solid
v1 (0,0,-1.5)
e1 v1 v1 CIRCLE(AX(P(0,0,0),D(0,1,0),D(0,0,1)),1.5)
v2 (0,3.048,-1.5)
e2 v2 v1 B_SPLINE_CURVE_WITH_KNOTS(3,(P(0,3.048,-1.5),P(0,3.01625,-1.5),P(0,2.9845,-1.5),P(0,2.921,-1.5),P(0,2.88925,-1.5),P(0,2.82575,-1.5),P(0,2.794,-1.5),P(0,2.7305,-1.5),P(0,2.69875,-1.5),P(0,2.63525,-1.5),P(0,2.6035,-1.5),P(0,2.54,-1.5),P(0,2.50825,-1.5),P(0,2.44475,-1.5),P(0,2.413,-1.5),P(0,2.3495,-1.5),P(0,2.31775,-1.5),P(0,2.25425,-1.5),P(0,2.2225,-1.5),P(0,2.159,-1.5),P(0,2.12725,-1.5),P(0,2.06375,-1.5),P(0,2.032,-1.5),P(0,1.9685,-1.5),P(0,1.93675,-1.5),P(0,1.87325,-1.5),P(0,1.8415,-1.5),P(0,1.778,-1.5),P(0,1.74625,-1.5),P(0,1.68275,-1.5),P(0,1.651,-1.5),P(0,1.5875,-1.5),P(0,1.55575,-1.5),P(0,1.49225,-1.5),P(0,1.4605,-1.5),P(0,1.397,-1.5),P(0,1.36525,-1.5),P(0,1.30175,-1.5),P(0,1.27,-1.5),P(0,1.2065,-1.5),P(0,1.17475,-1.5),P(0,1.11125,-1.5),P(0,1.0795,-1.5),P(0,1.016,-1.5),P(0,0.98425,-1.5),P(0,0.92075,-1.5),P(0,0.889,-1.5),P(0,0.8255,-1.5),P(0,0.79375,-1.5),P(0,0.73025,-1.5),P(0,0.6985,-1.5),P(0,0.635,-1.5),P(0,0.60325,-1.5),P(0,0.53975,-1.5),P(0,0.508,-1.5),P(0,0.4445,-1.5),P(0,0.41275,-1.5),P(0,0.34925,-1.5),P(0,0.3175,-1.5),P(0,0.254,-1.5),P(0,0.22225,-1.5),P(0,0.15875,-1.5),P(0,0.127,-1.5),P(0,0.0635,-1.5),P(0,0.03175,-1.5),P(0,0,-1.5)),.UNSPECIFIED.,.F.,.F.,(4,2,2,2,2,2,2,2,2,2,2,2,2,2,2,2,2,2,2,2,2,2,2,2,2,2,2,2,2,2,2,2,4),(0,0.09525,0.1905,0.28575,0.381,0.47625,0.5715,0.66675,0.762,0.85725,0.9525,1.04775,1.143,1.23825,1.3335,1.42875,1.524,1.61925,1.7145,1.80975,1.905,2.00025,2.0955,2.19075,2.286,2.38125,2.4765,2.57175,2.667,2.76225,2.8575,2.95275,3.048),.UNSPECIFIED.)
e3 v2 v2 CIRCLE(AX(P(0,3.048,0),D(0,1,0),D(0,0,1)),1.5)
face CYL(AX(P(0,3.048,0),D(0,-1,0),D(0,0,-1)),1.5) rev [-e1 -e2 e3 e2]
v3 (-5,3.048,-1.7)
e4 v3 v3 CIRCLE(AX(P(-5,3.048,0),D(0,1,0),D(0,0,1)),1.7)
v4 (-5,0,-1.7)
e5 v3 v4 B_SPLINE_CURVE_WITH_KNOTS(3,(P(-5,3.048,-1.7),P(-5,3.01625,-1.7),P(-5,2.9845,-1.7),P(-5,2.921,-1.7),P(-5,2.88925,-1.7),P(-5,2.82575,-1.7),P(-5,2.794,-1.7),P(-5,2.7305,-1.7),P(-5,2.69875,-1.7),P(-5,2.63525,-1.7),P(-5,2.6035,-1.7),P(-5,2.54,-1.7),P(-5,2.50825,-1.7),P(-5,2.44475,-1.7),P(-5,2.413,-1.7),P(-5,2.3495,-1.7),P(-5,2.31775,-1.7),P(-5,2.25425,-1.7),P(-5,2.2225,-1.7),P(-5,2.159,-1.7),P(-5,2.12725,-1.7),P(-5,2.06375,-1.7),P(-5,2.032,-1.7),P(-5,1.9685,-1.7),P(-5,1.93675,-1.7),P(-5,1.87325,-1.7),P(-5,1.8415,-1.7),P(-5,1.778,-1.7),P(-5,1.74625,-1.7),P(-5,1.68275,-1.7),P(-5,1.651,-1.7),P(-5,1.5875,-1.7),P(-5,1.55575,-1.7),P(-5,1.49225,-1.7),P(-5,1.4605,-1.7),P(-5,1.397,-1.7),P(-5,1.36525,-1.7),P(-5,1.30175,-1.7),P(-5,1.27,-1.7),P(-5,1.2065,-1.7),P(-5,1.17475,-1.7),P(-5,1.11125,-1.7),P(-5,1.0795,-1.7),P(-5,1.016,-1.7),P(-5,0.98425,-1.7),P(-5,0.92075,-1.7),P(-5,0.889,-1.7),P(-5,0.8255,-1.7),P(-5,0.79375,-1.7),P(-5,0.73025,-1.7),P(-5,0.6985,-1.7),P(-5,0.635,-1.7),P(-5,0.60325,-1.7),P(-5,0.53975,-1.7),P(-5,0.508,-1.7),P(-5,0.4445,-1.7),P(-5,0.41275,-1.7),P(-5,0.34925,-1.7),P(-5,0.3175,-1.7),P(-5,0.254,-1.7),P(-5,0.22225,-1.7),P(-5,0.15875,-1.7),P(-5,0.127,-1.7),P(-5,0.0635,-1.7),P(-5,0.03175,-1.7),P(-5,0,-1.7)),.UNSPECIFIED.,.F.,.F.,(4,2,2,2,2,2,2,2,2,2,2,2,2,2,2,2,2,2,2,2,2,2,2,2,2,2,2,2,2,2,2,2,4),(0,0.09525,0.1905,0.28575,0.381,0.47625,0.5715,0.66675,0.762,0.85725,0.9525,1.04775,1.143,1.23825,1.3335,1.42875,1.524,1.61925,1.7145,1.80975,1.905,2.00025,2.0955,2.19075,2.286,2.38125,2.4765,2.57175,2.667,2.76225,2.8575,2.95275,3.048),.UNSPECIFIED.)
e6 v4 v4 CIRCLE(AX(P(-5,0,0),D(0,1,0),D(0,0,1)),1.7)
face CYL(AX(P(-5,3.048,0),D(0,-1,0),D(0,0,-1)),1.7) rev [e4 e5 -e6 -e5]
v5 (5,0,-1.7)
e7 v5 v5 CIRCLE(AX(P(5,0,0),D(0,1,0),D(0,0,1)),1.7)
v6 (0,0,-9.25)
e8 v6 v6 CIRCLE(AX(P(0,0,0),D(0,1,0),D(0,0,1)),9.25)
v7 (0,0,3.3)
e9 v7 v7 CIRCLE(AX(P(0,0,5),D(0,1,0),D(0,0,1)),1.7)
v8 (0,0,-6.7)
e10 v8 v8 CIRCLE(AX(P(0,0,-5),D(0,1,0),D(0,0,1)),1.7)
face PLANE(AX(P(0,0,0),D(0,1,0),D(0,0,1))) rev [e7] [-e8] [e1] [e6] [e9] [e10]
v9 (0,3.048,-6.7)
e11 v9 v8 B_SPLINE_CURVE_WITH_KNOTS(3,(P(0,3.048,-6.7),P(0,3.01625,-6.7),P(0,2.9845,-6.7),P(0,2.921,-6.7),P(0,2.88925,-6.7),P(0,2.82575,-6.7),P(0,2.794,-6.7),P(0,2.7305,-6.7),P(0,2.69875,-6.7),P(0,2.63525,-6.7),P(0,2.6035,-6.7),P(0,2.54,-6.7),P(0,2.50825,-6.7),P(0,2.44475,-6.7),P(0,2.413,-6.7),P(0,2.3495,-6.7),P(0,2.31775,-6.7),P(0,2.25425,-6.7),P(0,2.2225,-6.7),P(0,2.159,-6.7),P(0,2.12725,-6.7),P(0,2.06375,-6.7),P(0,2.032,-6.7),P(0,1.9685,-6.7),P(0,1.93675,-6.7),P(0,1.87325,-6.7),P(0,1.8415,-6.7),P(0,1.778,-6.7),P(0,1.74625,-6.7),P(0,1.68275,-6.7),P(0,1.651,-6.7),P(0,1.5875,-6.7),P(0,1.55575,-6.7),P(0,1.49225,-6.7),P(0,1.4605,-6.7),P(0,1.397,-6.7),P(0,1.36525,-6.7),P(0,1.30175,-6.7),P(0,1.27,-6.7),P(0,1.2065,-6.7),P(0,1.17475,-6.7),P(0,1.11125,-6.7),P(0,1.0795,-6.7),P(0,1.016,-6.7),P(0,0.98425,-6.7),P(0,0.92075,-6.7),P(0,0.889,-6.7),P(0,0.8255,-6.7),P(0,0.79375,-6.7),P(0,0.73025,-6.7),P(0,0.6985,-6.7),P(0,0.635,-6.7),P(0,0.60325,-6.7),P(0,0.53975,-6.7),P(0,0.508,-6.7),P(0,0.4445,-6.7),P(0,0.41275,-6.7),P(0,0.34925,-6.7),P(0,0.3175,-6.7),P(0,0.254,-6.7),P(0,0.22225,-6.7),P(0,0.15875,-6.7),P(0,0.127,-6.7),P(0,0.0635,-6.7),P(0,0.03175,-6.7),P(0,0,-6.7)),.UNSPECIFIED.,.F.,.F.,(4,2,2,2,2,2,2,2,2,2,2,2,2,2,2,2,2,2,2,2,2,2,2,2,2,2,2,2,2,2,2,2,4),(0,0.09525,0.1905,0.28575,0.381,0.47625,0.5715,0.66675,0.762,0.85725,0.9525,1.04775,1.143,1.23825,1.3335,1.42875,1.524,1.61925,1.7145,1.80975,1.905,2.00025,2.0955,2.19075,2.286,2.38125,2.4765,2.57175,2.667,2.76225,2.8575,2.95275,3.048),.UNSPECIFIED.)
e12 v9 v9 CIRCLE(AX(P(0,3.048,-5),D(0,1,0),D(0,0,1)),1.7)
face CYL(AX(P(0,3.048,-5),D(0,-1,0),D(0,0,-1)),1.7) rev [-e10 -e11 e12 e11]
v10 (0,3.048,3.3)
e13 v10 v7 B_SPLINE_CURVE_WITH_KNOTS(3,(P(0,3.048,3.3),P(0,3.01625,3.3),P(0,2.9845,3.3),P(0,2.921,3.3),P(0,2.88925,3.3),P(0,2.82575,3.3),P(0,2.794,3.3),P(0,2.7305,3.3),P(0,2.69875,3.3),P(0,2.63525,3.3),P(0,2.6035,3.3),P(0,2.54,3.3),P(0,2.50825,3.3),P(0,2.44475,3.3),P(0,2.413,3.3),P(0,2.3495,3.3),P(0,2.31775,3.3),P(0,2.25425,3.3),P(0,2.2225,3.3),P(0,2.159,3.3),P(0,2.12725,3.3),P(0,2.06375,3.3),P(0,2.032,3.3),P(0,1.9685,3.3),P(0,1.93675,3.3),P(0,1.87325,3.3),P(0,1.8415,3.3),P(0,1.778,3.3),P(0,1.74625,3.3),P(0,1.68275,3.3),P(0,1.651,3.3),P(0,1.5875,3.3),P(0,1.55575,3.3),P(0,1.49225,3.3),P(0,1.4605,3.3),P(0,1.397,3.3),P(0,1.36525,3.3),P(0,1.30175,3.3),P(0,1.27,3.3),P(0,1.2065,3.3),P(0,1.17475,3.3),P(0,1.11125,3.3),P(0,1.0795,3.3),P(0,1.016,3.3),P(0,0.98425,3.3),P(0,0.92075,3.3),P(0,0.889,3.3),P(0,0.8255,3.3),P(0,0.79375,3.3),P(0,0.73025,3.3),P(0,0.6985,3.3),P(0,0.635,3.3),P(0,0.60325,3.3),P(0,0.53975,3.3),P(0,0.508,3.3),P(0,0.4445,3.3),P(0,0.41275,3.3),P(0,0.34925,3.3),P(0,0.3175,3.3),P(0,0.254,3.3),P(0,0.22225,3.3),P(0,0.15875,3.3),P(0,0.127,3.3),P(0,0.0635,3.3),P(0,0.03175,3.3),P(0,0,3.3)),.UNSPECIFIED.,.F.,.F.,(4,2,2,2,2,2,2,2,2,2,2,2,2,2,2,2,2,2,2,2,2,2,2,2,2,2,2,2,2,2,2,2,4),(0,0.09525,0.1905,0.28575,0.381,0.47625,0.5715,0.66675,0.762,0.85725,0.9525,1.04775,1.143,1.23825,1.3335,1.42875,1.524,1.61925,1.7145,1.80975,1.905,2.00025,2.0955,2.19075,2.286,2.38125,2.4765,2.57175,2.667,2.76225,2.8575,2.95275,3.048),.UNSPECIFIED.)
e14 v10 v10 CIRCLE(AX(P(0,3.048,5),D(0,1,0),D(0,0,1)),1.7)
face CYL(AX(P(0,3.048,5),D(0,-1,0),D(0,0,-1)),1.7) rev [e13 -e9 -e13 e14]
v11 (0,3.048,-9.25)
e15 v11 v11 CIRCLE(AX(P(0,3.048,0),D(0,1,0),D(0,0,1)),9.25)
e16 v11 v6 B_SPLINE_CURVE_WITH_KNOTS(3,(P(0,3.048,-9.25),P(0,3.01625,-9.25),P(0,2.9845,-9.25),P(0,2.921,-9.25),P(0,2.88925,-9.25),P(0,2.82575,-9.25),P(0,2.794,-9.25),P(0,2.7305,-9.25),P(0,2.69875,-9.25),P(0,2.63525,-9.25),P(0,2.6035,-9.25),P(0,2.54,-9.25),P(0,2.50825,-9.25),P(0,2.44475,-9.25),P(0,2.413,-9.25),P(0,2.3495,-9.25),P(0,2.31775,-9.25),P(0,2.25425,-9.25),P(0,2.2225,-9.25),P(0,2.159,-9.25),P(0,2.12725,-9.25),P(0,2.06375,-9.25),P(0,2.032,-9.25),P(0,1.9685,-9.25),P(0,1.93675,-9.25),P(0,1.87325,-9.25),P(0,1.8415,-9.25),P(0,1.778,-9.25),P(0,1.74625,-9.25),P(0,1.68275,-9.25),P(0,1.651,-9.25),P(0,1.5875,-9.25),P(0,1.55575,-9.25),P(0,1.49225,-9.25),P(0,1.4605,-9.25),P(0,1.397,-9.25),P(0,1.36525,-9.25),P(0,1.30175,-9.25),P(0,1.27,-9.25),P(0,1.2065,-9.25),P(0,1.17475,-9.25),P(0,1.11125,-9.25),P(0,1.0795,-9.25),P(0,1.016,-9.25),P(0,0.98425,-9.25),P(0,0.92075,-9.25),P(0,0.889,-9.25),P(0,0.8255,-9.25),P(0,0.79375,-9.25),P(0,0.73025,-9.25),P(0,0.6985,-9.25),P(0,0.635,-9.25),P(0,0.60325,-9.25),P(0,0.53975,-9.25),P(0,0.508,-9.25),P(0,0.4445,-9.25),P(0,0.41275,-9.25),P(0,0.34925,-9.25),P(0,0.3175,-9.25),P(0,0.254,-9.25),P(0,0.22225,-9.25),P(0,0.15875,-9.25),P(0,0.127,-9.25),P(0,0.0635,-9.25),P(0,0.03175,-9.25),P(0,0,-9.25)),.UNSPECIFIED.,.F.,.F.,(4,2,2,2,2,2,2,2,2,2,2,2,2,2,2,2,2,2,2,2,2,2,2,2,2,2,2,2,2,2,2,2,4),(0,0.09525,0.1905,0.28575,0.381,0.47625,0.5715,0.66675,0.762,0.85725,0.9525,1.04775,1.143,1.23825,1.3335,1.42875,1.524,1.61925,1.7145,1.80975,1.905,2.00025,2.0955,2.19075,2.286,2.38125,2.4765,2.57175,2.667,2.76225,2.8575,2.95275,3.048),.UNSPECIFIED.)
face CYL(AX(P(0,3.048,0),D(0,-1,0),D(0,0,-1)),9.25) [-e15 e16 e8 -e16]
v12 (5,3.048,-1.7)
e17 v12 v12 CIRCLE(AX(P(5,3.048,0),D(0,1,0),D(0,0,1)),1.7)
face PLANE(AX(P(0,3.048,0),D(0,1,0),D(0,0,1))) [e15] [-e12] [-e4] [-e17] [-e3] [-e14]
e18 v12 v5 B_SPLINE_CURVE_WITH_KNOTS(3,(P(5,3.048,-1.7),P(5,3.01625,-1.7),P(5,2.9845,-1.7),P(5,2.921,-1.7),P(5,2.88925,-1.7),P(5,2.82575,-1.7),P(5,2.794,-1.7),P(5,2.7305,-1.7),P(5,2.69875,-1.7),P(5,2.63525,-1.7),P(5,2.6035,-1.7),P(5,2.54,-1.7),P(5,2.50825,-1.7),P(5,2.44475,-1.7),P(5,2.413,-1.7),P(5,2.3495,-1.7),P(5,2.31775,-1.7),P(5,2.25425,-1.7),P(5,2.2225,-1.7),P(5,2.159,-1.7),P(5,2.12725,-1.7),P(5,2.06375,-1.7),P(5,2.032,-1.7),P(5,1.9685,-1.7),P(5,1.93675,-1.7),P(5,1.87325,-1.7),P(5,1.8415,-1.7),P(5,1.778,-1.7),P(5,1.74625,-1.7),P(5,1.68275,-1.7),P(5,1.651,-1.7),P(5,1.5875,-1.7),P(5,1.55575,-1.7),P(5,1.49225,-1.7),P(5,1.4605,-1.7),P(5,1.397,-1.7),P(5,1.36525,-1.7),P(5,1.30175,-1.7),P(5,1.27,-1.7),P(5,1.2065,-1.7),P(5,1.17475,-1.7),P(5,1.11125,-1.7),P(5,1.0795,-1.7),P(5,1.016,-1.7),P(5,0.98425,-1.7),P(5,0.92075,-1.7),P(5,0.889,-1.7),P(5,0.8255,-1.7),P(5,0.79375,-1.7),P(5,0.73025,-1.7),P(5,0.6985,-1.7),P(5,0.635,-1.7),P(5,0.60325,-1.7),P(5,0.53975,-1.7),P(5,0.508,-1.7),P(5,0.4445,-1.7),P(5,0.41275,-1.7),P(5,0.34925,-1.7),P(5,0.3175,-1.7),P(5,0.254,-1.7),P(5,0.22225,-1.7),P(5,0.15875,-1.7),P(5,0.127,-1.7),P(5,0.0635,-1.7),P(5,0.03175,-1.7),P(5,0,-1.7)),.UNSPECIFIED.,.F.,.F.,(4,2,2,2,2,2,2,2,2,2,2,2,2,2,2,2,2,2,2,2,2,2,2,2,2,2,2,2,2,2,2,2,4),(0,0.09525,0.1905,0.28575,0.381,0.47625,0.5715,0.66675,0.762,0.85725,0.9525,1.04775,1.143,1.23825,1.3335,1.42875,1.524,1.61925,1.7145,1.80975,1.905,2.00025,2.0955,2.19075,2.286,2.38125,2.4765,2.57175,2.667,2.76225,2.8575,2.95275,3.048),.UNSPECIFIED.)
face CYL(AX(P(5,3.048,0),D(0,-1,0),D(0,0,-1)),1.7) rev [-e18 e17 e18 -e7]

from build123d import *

# Parameters (mm, degrees)
SKETCH1_R           = 9.25
SKETCH1_R_2         = 1.7
SKETCH1_R_3         = 1.5
BOSS_EXTRUDE1_DEPTH = 3.048


with BuildPart() as part:
    # Sketch1 → Boss-Extrude1 (new body)
    with BuildSketch(Plane(origin=(0, 0, 0), x_dir=(1, 0, 0), z_dir=(0, 1, 0))):
        with Locations(Location((0, 0, 0), (0, 0, 90))):
            Circle(SKETCH1_R)
        with Locations(Location((0, 5, 0), (0, 0, 90))):
            Circle(SKETCH1_R_2, mode=Mode.SUBTRACT)
        with Locations(Location((-5, 0, 0), (0, 0, 90))):
            Circle(SKETCH1_R_2, mode=Mode.SUBTRACT)
        with Locations(Location((0, -5, 0), (0, 0, 90))):
            Circle(SKETCH1_R_2, mode=Mode.SUBTRACT)
        with Locations(Location((5, 0, 0), (0, 0, 90))):
            Circle(SKETCH1_R_2, mode=Mode.SUBTRACT)
        with Locations(Location((0, 0, 0), (0, 0, 90))):
            Circle(SKETCH1_R_3, mode=Mode.SUBTRACT)
    extrude(amount=BOSS_EXTRUDE1_DEPTH)


solid = part.part
